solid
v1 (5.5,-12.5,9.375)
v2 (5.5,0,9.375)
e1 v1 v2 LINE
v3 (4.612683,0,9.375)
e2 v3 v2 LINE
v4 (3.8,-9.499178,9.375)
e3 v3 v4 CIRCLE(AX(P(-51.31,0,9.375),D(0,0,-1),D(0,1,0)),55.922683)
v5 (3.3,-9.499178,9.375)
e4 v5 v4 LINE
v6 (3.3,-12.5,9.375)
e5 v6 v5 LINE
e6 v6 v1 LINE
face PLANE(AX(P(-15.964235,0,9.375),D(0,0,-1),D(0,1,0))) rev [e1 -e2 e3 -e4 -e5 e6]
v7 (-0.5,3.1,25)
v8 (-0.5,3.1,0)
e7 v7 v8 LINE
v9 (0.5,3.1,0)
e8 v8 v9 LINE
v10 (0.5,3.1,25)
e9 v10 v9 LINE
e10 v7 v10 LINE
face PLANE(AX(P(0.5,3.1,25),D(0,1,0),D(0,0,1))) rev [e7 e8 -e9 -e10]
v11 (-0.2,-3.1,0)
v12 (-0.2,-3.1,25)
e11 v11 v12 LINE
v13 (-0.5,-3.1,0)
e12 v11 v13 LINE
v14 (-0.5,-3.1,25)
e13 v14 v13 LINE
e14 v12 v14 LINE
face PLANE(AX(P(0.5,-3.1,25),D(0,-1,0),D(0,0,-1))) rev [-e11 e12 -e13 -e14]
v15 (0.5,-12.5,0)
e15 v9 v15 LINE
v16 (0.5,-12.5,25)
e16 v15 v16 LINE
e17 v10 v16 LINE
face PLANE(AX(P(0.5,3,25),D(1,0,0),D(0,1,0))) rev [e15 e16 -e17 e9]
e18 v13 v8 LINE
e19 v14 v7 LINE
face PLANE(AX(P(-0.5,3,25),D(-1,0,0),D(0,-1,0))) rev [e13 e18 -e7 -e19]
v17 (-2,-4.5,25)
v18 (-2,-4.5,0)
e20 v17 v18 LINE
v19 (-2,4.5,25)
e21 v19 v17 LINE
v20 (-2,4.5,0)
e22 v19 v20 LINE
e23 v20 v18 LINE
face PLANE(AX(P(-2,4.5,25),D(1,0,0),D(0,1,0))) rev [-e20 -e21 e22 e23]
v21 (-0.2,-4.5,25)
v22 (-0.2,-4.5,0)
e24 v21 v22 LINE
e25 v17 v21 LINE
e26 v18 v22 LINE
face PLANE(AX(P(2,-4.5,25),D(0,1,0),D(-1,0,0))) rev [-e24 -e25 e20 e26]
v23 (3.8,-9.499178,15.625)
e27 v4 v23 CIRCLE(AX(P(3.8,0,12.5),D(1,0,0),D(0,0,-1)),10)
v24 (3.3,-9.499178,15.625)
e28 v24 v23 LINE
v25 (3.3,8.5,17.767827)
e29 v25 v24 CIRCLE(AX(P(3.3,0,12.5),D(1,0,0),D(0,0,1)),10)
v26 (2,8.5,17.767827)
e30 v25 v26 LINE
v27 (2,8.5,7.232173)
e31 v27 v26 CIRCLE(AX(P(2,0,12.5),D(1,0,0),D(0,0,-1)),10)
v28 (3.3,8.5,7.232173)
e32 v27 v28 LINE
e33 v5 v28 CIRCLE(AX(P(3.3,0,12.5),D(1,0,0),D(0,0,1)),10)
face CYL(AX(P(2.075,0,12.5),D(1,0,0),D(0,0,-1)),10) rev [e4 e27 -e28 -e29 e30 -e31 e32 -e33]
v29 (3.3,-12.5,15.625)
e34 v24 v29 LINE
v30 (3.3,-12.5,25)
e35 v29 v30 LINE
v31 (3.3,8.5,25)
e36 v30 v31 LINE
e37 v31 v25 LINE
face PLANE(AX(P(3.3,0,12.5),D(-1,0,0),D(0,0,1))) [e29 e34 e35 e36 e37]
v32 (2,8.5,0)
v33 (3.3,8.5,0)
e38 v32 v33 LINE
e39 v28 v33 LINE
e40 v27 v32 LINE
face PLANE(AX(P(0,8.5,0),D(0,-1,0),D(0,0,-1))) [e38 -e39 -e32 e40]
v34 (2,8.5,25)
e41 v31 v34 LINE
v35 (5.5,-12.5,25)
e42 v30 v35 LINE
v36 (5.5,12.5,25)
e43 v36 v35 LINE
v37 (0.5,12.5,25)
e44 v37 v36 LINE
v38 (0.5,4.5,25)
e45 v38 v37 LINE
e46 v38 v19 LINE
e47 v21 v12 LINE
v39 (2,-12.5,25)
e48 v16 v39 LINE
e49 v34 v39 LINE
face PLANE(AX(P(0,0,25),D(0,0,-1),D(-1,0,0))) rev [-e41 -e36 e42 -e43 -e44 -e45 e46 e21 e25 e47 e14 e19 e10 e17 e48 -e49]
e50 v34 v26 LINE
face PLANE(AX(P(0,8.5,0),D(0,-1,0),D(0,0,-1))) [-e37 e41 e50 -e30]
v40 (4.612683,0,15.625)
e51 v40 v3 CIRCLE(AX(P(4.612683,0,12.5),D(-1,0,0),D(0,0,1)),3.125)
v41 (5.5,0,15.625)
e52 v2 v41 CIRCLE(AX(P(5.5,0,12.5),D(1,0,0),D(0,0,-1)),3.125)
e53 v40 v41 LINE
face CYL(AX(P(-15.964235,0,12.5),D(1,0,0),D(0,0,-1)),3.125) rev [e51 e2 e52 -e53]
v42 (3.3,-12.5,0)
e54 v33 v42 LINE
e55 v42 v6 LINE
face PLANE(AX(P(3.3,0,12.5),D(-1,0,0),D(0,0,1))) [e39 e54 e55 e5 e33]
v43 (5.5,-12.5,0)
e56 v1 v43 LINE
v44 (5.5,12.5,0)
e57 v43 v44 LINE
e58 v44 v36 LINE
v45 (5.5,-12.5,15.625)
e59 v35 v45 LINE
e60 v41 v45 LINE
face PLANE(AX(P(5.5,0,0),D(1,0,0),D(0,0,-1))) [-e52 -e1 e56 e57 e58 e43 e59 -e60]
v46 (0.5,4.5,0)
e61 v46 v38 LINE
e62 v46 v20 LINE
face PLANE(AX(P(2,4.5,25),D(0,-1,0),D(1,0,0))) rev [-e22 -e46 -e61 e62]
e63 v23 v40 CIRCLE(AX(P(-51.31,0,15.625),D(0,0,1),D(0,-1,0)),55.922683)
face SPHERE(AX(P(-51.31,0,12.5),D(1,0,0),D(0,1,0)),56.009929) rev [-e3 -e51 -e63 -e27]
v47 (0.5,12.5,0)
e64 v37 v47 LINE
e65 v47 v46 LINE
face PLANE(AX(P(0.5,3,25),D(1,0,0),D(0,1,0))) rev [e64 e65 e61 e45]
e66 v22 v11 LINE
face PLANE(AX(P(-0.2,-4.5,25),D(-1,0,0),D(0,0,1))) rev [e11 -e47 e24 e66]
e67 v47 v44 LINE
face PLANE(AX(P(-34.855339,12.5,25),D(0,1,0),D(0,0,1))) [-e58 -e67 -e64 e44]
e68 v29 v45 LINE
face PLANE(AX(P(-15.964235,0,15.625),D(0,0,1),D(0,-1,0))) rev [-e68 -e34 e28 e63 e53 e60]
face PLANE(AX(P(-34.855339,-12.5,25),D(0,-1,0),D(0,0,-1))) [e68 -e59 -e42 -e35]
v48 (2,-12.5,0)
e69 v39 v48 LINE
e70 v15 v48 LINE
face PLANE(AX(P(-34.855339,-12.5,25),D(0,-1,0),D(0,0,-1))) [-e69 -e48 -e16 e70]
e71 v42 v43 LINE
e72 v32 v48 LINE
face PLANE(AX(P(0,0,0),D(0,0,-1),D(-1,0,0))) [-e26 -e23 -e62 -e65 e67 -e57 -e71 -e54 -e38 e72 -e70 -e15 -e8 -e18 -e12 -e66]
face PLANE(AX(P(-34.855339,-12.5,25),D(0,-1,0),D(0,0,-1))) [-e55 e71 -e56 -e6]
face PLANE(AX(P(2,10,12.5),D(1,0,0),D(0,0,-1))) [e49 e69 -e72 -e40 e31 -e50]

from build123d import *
from build123d.topology import SkipClean

# Parameters (mm, degrees)
SKETCH1_W           = 4
SKETCH1_H           = 9
BOSS_EXTRUDE1_DEPTH = 25
SKETCH2_W           = 1
SKETCH2_H           = 6
CUT_EXTRUDE1_DEPTH  = 26.480384612
SKETCH4_W           = 25
SKETCH4_H           = 25
BOSS_EXTRUDE2_DEPTH = 1.5
SKETCH5_W           = 25
SKETCH5_H           = 25
BOSS_EXTRUDE3_DEPTH = 3.5
SKETCH7_W           = 1.8
SKETCH7_H           = 25
CUT_EXTRUDE5_DEPTH  = 21
CUT_EXTRUDE6_START  = -1.7
CUT_EXTRUDE6_DEPTH  = 1.7
BOSS_EXTRUDE4_START = 0.5
BOSS_EXTRUDE4_DEPTH = 0.5
SKETCH11_W          = 0.7
SKETCH11_H          = 1.5
CUT_EXTRUDE7_DEPTH  = 29.486839086
SKETCH12_W          = 1
SKETCH12_H          = 6.2
CUT_EXTRUDE8_DEPTH  = 29.486839086


with BuildPart() as part:
    # Sketch1 → Boss-Extrude1 (new body)
    with BuildSketch(Plane.XY):
        Rectangle(SKETCH1_W, SKETCH1_H)
    extrude(amount=BOSS_EXTRUDE1_DEPTH)

    # Sketch2 → Cut-Extrude1 (cut, through all)
    with BuildSketch(Plane(origin=(0, 0, 0), x_dir=(-1, 0, 0), z_dir=(0, 0, -1))):
        Rectangle(SKETCH2_W, SKETCH2_H)
    extrude(amount=-CUT_EXTRUDE1_DEPTH, mode=Mode.SUBTRACT)

    # Sketch4 → Boss-Extrude2 (add)
    with BuildSketch(Plane(origin=(2, 0, 0), x_dir=(0, 0, -1), z_dir=(1, 0, 0))):
        with Locations((-12.5, 0)):
            Rectangle(SKETCH4_W, SKETCH4_H)
    extrude(amount=-BOSS_EXTRUDE2_DEPTH)

    # Sketch5 → Boss-Extrude3 (add)
    with BuildSketch(Plane(origin=(2, 0, 0), x_dir=(0, 0, -1), z_dir=(1, 0, 0))):
        with Locations((-12.5, 0)):
            Rectangle(SKETCH5_W, SKETCH5_H)
    extrude(amount=BOSS_EXTRUDE3_DEPTH)

    # Sketch6 → Cut-Revolve2 (revolve, cut)
    with BuildSketch(Plane(origin=(0, 0, 12.5), x_dir=(-1, 0, 0), z_dir=(0, 0, -1)), mode=Mode.PRIVATE) as cut_revolve2_sk:
        with BuildLine():
            Line((-2, 10), (-2, 0))
            Line((-2, 0), (-4.699928584, 0))
            ThreePointArc((-4.699928584, 0), (-4.474492757, 5.020205958), (-3.8, 10))
            Line((-3.8, 10), (-2, 10))
        make_face()
    revolve(cut_revolve2_sk.sketch.rotate(Axis((2.075, 0, 12.5), (-1, 0, 0)), 90), axis=Axis((2.075, 0, 12.5), (-1, 0, 0)), mode=Mode.SUBTRACT)

    # Sketch7 → Cut-Extrude5 (cut)
    with BuildSketch(Plane.XZ.offset(12.5)):
        with Locations((2.9, 12.5)):
            Rectangle(SKETCH7_W, SKETCH7_H)
    extrude(amount=-CUT_EXTRUDE5_DEPTH, mode=Mode.SUBTRACT)

    # Sketch8 → Cut-Extrude6 (cut)
    with BuildSketch(Plane(origin=(5.5, 0, 0), x_dir=(0, 0, -1), z_dir=(1, 0, 0)).offset(CUT_EXTRUDE6_START)):
        with BuildLine():
            Line((-9.375, 0), (-9.375, -12.5))
            ThreePointArc((-9.375, -12.5), (-12.5, -15.625), (-15.625, -12.5))
            Line((-15.625, -12.5), (-15.625, 0))
            ThreePointArc((-15.625, 0), (-12.5, 3.125), (-9.375, 0))
        make_face()
    extrude(amount=CUT_EXTRUDE6_DEPTH, mode=Mode.SUBTRACT)

    # Sketch9 → Boss-Extrude4 (add)
    with SkipClean():  # the faces are left unmerged after this step: merging them gives an invalid solid
        with BuildSketch(Plane.ZY.offset(-3.8).offset(BOSS_EXTRUDE4_START)):
            with BuildLine():
                Line((15.625, -9.499177596), (15.625, -12.5))
                Line((15.625, -12.5), (25, -12.5))
                Line((25, -12.5), (25, 8.5))
                Line((25, 8.5), (17.767826876, 8.5))
                ThreePointArc((17.767826876, 8.5), (22.429878362, -1.182165692), (15.625, -9.499177596))
            make_face()
            with BuildLine():
                Line((0, -12.5), (9.375, -12.5))
                Line((9.375, -12.5), (9.375, -9.499177596))
                ThreePointArc((9.375, -9.499177596), (2.570121638, -1.182165692), (7.232173124, 8.5))
                Line((7.232173124, 8.5), (0, 8.5))
                Line((0, 8.5), (0, -12.5))
            make_face()
        extrude(amount=-BOSS_EXTRUDE4_DEPTH)

    # Sketch11 → Cut-Extrude7 (cut, through all)
    with SkipClean():  # the faces are left unmerged after this step: merging them gives an invalid solid
        with BuildSketch(Plane(origin=(0, 0, 0), x_dir=(-1, 0, 0), z_dir=(0, 0, -1))):
            with Locations((-0.15, -3.75)):
                Rectangle(SKETCH11_W, SKETCH11_H)
        extrude(amount=-CUT_EXTRUDE7_DEPTH, mode=Mode.SUBTRACT)

    # Sketch12 → Cut-Extrude8 (cut, through all)
    with SkipClean():  # the faces are left unmerged after this step: merging them gives an invalid solid
        with BuildSketch(Plane(origin=(0, 0, 0), x_dir=(-1, 0, 0), z_dir=(0, 0, -1))):
            Rectangle(SKETCH12_W, SKETCH12_H)
        extrude(amount=-CUT_EXTRUDE8_DEPTH, mode=Mode.SUBTRACT)


solid = part.part
